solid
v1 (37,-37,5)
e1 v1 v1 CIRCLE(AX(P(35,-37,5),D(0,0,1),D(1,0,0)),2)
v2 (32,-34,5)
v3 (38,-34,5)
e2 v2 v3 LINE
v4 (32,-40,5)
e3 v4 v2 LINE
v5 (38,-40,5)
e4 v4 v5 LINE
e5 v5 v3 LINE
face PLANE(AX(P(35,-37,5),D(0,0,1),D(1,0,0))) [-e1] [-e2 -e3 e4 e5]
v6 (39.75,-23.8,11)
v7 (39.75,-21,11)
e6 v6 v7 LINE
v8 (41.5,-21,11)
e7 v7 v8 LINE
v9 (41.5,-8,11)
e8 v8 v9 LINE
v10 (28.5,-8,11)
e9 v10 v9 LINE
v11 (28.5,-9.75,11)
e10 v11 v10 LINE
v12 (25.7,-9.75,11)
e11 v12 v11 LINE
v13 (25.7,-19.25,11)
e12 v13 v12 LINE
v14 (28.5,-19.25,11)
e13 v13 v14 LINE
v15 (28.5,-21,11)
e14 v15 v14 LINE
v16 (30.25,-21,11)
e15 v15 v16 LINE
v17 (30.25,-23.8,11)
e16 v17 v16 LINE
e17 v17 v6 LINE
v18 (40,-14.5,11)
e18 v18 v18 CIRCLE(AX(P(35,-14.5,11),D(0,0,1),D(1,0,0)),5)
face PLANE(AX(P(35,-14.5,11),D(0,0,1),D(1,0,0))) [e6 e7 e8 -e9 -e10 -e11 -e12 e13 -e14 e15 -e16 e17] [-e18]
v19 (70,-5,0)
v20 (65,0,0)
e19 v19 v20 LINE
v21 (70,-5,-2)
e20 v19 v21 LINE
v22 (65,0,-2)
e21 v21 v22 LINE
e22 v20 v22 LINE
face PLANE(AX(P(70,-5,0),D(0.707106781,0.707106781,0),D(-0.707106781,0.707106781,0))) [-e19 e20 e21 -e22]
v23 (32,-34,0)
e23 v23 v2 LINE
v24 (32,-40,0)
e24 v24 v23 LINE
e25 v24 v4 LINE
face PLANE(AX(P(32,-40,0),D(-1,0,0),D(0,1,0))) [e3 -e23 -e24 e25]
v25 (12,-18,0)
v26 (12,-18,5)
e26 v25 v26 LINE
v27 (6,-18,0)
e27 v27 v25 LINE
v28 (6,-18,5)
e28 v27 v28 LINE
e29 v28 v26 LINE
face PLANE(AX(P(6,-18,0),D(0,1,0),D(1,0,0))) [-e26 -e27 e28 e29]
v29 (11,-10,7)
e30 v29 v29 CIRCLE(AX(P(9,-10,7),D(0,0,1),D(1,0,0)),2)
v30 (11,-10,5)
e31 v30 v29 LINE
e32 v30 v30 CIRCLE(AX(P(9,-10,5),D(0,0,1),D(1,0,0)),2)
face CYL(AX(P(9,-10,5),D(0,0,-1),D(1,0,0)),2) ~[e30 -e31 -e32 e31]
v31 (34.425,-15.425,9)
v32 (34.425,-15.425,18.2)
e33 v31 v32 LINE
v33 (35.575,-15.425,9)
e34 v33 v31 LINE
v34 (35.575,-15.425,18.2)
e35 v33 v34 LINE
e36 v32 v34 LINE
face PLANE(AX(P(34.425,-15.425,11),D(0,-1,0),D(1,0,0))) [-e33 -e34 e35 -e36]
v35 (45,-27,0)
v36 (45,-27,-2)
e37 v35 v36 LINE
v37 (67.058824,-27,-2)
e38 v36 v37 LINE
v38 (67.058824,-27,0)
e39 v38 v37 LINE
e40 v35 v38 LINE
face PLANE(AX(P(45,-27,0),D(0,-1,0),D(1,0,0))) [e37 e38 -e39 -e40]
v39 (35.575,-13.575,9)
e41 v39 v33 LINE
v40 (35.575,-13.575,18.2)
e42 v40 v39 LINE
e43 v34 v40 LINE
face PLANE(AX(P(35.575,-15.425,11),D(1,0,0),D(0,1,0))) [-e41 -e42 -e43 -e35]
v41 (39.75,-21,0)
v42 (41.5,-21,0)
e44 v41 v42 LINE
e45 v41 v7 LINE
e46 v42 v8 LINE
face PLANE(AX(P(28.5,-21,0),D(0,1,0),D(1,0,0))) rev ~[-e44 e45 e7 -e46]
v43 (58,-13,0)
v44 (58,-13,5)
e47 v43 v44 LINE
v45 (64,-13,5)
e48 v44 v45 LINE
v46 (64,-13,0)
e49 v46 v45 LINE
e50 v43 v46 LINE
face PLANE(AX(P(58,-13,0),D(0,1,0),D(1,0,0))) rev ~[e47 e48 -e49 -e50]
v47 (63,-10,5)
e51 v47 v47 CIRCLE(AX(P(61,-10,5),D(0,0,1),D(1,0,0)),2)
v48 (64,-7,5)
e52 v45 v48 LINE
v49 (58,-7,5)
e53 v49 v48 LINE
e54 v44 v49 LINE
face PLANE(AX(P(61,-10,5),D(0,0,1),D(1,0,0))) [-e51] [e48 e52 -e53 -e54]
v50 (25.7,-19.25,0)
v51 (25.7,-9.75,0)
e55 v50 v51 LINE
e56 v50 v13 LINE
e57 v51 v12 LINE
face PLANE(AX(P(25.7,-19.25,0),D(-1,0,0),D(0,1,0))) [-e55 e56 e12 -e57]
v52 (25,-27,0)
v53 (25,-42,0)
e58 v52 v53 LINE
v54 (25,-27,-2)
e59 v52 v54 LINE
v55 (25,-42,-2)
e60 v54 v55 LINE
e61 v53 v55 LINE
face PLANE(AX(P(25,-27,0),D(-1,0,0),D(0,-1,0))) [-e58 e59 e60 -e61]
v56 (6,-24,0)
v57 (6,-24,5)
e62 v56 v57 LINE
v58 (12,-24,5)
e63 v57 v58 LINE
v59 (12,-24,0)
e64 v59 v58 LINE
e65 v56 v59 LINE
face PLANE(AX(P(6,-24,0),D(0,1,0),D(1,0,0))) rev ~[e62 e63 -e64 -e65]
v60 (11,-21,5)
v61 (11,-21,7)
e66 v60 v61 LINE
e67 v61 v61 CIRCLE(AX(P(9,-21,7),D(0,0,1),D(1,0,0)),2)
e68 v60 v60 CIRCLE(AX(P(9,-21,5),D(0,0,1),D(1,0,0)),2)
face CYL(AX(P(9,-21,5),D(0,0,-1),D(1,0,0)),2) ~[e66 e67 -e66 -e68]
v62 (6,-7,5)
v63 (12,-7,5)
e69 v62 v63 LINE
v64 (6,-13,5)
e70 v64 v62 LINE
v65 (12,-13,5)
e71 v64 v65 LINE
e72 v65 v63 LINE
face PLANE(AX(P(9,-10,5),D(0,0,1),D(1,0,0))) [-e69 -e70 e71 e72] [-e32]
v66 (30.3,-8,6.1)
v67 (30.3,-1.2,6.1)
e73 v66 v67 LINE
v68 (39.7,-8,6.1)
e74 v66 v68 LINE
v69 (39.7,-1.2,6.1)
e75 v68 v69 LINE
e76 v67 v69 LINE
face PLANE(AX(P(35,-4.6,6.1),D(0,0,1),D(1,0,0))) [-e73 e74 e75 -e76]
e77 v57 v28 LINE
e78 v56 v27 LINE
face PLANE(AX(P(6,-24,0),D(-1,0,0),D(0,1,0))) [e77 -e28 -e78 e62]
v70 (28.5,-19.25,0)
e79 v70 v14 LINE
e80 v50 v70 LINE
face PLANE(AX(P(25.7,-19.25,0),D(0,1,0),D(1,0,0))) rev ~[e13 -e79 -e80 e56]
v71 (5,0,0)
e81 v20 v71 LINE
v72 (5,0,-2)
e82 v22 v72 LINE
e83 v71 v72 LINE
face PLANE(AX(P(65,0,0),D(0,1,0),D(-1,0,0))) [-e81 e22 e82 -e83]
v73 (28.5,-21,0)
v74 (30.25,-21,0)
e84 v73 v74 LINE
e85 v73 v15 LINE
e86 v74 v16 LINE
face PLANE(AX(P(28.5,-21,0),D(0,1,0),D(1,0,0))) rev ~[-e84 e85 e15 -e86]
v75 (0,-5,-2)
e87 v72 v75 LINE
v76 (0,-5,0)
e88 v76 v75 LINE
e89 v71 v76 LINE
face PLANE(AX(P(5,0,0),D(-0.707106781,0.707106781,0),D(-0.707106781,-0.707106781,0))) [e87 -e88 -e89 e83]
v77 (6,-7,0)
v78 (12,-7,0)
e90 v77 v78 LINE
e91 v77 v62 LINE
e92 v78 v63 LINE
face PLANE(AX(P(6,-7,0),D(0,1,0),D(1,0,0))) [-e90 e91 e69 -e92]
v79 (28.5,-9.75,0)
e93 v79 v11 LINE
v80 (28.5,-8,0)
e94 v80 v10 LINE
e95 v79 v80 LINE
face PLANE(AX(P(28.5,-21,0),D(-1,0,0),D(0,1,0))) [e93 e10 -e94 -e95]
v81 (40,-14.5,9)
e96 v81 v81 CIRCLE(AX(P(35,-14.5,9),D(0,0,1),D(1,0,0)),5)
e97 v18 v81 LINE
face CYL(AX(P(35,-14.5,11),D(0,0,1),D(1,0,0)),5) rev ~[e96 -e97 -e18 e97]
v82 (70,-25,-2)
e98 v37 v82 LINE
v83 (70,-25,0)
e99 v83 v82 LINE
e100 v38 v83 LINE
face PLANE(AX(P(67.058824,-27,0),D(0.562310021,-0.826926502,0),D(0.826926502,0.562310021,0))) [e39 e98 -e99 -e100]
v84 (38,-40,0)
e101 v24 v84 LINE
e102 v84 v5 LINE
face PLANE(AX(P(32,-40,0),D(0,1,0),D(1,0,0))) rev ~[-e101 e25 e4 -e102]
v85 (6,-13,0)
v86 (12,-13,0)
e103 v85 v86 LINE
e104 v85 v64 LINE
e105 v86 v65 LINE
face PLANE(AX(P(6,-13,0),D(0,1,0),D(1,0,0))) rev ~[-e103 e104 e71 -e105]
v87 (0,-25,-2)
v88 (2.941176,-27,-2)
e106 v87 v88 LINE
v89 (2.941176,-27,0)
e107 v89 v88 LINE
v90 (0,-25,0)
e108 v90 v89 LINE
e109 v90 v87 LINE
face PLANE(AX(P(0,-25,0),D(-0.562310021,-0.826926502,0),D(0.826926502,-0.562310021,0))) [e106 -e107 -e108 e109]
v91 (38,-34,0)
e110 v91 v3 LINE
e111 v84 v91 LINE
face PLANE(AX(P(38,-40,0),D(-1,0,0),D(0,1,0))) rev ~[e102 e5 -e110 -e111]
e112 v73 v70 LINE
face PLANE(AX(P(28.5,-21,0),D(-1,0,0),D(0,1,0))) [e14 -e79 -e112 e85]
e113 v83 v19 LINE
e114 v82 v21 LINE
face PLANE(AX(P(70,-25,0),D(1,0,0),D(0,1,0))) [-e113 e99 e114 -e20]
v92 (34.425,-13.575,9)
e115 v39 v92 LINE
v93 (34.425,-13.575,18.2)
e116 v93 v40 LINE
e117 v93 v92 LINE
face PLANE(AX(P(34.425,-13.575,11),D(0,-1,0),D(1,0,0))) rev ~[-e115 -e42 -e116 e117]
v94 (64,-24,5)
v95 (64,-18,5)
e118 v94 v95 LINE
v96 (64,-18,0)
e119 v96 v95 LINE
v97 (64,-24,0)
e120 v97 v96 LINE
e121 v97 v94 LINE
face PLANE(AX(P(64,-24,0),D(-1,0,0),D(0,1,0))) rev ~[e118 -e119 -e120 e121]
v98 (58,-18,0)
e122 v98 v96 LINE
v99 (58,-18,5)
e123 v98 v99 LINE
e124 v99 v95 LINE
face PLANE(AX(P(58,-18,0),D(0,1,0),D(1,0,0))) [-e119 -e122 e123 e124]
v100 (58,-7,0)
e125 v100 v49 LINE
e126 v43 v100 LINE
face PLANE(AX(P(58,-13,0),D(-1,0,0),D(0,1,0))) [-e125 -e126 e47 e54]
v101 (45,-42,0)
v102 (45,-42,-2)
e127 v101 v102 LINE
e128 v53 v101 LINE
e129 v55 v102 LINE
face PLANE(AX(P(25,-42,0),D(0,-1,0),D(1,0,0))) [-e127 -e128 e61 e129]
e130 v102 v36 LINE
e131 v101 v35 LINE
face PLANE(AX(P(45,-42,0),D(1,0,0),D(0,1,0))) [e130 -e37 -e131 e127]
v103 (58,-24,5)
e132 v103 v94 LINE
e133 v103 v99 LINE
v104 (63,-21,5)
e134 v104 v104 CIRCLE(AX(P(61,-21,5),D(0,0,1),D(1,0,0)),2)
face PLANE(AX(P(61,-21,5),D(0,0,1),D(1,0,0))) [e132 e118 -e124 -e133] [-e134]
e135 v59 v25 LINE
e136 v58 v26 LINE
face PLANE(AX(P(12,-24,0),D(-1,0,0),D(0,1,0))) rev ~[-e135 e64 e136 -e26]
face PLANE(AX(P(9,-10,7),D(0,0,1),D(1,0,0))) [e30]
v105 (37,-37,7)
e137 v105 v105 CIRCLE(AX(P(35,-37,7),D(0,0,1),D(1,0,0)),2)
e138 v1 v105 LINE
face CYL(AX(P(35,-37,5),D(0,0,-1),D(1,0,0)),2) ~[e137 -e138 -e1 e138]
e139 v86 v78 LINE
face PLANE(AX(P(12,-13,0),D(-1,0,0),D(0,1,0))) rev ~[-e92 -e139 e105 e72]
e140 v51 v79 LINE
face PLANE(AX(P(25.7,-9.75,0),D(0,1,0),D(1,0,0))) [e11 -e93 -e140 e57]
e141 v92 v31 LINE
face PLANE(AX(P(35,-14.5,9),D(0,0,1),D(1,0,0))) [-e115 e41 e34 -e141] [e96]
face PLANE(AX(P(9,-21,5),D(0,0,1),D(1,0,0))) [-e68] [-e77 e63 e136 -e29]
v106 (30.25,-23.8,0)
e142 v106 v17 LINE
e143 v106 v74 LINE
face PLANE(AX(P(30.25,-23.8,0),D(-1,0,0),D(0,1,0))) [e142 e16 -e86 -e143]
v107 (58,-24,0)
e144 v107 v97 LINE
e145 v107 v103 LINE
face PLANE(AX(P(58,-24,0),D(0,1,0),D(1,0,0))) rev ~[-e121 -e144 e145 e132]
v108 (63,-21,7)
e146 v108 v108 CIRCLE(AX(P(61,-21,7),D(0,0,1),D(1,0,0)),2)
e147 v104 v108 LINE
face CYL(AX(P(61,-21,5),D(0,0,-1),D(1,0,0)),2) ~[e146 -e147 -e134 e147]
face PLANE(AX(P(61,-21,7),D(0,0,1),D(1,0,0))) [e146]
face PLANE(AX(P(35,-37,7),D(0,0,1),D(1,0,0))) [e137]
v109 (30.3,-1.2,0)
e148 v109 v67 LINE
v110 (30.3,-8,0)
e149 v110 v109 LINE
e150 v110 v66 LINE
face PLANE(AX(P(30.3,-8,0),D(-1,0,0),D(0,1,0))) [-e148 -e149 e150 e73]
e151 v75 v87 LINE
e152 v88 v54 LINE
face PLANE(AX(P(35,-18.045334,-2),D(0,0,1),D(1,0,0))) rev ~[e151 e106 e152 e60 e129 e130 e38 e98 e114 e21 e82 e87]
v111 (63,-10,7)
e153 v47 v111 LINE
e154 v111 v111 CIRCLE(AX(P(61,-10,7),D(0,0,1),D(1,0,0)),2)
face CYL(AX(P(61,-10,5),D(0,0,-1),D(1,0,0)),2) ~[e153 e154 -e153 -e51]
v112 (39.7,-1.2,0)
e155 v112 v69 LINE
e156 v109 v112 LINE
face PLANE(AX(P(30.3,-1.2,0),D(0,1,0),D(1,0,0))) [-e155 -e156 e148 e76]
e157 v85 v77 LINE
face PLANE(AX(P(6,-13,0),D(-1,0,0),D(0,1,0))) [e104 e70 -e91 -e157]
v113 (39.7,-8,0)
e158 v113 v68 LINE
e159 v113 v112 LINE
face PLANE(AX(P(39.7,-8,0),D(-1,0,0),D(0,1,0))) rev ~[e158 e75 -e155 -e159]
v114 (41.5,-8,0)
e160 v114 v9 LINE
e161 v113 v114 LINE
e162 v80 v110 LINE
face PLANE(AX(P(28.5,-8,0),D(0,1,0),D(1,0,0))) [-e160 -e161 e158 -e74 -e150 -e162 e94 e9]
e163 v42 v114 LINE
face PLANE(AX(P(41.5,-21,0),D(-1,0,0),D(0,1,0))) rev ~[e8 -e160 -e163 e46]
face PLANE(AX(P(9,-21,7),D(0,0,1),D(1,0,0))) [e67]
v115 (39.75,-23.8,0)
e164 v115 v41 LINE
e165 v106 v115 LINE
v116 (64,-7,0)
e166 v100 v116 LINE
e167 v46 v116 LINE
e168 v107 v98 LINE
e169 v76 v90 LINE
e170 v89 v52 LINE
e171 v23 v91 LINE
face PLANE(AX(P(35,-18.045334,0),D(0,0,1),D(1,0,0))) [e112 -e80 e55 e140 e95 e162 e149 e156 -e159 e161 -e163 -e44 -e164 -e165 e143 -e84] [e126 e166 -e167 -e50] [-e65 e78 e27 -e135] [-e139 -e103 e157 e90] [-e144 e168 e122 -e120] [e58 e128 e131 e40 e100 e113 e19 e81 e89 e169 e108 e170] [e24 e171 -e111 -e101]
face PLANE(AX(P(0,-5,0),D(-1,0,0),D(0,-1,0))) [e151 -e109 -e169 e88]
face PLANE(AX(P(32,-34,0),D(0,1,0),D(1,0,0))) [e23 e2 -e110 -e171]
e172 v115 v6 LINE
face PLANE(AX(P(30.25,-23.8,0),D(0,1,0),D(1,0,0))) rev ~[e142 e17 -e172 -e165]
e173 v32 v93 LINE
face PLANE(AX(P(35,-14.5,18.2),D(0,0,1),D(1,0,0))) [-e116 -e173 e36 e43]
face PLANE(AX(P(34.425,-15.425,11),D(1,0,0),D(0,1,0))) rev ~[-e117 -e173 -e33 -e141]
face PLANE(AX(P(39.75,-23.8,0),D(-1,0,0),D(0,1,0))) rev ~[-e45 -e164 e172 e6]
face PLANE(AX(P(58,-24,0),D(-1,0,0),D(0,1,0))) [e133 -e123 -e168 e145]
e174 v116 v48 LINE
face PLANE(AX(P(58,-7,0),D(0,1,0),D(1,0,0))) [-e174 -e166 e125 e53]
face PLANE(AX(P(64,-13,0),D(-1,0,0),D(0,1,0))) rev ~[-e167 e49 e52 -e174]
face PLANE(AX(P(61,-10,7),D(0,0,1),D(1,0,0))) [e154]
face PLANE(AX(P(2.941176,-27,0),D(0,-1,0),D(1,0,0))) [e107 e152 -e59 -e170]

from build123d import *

# Parameters (mm, degrees)
EXTRUSION1_DEPTH             = 2
ESQUISSE2_W                  = 13
ESQUISSE2_H                  = 13
EXTRUSION2_DEPTH             = 11
ESQUISSE7_W                  = 9.4
ESQUISSE7_H                  = 6.8
EXTRUSION7_DEPTH             = 6.1
ESQUISSE8_W                  = 2.8
ESQUISSE8_H                  = 9.5
ESQUISSE8_W_2                = 9.5
ESQUISSE8_H_2                = 2.8
EXTRUSION8_DEPTH             = 11
ESQUISSE6_R                  = 5
EXTRUSION6_DEPTH             = 2
ESQUISSE3_W                  = 6
ESQUISSE3_H                  = 6
EXTRUSION3_DEPTH             = 5
ESQUISSE5_R                  = 2
EXTRUSION5_DEPTH             = 2
ESQUISSE9_W                  = 1.15
ESQUISSE9_H                  = 1.85
EXTRUSION9_DEPTH             = 7.2
EXTRUSION9_DIRECTION_2_REACH = 84.662


with BuildPart() as part:
    # Esquisse1 → Extrusion1 (new body)
    with BuildSketch(Plane.XY):
        Polygon((2.941176471, -27), (25, -27), (25, -42), (45, -42), (45, -27), (67.058823529, -27), (70, -25), (70, -5), (65, 0), (5, 0), (0, -5), (0, -25), align=None)
    extrude(amount=-EXTRUSION1_DEPTH)

    # Esquisse2 → Extrusion2 (add)
    with BuildSketch(Plane.XY):
        with Locations((35, -14.5)):
            Rectangle(ESQUISSE2_W, ESQUISSE2_H)
    extrude(amount=EXTRUSION2_DEPTH)

    # Esquisse7 → Extrusion7 (add)
    with BuildSketch(Plane.XY):
        with Locations((35, -4.6)):
            Rectangle(ESQUISSE7_W, ESQUISSE7_H)
    extrude(amount=EXTRUSION7_DEPTH)

    # Esquisse8 → Extrusion8 (add)
    with BuildSketch(Plane.XY):
        with Locations((27.1, -14.5)):
            Rectangle(ESQUISSE8_W, ESQUISSE8_H)
        with Locations((35, -22.4)):
            Rectangle(ESQUISSE8_W_2, ESQUISSE8_H_2)
    extrude(amount=EXTRUSION8_DEPTH)

    # Esquisse6 → Extrusion6 (cut)
    with BuildSketch(Plane.XY.offset(11)):
        with Locations((35, -14.5)):
            Circle(ESQUISSE6_R)
    extrude(amount=-EXTRUSION6_DEPTH, mode=Mode.SUBTRACT)

    # Esquisse3 → Extrusion3 (add)
    with BuildSketch(Plane.XY):
        with Locations((9, -21)):
            Rectangle(ESQUISSE3_W, ESQUISSE3_H)
        with Locations((9, -10)):
            Rectangle(ESQUISSE3_W, ESQUISSE3_H)
        with Locations((35, -37)):
            Rectangle(ESQUISSE3_W, ESQUISSE3_H)
        with Locations((61, -10)):
            Rectangle(ESQUISSE3_W, ESQUISSE3_H)
        with Locations((61, -21)):
            Rectangle(ESQUISSE3_W, ESQUISSE3_H)
    extrude(amount=EXTRUSION3_DEPTH)

    # Esquisse5 → Extrusion5 (add)
    with BuildSketch(Plane.XY.offset(5)):
        with Locations((9, -10)):
            Circle(ESQUISSE5_R)
        with Locations((9, -21)):
            Circle(ESQUISSE5_R)
        with Locations((61, -21)):
            Circle(ESQUISSE5_R)
        with Locations((61, -10)):
            Circle(ESQUISSE5_R)
        with Locations((35, -37)):
            Circle(ESQUISSE5_R)
    extrude(amount=EXTRUSION5_DEPTH)

    # Esquisse9 → Extrusion9 (add)
    with BuildSketch(Plane.XY.offset(11)):
        with Locations((35, -14.5)):
            Rectangle(ESQUISSE9_W, ESQUISSE9_H)
    extrude(amount=EXTRUSION9_DEPTH)

    # Esquisse9 → Extrusion9 direction 2 (add, up to next)
    with BuildSketch(Plane.XY.offset(11), mode=Mode.PRIVATE) as extrusion9_direction_2_sk1:
        with Locations((35, -14.5)):
            Rectangle(ESQUISSE9_W, ESQUISSE9_H)
    extrusion9_direction_2_tool1 = extrude(extrusion9_direction_2_sk1.sketch, amount=-EXTRUSION9_DIRECTION_2_REACH, mode=Mode.PRIVATE) - part.part
    add(extrusion9_direction_2_tool1.solids().sort_by_distance((35, -14.5, 11))[0])


solid = part.part
